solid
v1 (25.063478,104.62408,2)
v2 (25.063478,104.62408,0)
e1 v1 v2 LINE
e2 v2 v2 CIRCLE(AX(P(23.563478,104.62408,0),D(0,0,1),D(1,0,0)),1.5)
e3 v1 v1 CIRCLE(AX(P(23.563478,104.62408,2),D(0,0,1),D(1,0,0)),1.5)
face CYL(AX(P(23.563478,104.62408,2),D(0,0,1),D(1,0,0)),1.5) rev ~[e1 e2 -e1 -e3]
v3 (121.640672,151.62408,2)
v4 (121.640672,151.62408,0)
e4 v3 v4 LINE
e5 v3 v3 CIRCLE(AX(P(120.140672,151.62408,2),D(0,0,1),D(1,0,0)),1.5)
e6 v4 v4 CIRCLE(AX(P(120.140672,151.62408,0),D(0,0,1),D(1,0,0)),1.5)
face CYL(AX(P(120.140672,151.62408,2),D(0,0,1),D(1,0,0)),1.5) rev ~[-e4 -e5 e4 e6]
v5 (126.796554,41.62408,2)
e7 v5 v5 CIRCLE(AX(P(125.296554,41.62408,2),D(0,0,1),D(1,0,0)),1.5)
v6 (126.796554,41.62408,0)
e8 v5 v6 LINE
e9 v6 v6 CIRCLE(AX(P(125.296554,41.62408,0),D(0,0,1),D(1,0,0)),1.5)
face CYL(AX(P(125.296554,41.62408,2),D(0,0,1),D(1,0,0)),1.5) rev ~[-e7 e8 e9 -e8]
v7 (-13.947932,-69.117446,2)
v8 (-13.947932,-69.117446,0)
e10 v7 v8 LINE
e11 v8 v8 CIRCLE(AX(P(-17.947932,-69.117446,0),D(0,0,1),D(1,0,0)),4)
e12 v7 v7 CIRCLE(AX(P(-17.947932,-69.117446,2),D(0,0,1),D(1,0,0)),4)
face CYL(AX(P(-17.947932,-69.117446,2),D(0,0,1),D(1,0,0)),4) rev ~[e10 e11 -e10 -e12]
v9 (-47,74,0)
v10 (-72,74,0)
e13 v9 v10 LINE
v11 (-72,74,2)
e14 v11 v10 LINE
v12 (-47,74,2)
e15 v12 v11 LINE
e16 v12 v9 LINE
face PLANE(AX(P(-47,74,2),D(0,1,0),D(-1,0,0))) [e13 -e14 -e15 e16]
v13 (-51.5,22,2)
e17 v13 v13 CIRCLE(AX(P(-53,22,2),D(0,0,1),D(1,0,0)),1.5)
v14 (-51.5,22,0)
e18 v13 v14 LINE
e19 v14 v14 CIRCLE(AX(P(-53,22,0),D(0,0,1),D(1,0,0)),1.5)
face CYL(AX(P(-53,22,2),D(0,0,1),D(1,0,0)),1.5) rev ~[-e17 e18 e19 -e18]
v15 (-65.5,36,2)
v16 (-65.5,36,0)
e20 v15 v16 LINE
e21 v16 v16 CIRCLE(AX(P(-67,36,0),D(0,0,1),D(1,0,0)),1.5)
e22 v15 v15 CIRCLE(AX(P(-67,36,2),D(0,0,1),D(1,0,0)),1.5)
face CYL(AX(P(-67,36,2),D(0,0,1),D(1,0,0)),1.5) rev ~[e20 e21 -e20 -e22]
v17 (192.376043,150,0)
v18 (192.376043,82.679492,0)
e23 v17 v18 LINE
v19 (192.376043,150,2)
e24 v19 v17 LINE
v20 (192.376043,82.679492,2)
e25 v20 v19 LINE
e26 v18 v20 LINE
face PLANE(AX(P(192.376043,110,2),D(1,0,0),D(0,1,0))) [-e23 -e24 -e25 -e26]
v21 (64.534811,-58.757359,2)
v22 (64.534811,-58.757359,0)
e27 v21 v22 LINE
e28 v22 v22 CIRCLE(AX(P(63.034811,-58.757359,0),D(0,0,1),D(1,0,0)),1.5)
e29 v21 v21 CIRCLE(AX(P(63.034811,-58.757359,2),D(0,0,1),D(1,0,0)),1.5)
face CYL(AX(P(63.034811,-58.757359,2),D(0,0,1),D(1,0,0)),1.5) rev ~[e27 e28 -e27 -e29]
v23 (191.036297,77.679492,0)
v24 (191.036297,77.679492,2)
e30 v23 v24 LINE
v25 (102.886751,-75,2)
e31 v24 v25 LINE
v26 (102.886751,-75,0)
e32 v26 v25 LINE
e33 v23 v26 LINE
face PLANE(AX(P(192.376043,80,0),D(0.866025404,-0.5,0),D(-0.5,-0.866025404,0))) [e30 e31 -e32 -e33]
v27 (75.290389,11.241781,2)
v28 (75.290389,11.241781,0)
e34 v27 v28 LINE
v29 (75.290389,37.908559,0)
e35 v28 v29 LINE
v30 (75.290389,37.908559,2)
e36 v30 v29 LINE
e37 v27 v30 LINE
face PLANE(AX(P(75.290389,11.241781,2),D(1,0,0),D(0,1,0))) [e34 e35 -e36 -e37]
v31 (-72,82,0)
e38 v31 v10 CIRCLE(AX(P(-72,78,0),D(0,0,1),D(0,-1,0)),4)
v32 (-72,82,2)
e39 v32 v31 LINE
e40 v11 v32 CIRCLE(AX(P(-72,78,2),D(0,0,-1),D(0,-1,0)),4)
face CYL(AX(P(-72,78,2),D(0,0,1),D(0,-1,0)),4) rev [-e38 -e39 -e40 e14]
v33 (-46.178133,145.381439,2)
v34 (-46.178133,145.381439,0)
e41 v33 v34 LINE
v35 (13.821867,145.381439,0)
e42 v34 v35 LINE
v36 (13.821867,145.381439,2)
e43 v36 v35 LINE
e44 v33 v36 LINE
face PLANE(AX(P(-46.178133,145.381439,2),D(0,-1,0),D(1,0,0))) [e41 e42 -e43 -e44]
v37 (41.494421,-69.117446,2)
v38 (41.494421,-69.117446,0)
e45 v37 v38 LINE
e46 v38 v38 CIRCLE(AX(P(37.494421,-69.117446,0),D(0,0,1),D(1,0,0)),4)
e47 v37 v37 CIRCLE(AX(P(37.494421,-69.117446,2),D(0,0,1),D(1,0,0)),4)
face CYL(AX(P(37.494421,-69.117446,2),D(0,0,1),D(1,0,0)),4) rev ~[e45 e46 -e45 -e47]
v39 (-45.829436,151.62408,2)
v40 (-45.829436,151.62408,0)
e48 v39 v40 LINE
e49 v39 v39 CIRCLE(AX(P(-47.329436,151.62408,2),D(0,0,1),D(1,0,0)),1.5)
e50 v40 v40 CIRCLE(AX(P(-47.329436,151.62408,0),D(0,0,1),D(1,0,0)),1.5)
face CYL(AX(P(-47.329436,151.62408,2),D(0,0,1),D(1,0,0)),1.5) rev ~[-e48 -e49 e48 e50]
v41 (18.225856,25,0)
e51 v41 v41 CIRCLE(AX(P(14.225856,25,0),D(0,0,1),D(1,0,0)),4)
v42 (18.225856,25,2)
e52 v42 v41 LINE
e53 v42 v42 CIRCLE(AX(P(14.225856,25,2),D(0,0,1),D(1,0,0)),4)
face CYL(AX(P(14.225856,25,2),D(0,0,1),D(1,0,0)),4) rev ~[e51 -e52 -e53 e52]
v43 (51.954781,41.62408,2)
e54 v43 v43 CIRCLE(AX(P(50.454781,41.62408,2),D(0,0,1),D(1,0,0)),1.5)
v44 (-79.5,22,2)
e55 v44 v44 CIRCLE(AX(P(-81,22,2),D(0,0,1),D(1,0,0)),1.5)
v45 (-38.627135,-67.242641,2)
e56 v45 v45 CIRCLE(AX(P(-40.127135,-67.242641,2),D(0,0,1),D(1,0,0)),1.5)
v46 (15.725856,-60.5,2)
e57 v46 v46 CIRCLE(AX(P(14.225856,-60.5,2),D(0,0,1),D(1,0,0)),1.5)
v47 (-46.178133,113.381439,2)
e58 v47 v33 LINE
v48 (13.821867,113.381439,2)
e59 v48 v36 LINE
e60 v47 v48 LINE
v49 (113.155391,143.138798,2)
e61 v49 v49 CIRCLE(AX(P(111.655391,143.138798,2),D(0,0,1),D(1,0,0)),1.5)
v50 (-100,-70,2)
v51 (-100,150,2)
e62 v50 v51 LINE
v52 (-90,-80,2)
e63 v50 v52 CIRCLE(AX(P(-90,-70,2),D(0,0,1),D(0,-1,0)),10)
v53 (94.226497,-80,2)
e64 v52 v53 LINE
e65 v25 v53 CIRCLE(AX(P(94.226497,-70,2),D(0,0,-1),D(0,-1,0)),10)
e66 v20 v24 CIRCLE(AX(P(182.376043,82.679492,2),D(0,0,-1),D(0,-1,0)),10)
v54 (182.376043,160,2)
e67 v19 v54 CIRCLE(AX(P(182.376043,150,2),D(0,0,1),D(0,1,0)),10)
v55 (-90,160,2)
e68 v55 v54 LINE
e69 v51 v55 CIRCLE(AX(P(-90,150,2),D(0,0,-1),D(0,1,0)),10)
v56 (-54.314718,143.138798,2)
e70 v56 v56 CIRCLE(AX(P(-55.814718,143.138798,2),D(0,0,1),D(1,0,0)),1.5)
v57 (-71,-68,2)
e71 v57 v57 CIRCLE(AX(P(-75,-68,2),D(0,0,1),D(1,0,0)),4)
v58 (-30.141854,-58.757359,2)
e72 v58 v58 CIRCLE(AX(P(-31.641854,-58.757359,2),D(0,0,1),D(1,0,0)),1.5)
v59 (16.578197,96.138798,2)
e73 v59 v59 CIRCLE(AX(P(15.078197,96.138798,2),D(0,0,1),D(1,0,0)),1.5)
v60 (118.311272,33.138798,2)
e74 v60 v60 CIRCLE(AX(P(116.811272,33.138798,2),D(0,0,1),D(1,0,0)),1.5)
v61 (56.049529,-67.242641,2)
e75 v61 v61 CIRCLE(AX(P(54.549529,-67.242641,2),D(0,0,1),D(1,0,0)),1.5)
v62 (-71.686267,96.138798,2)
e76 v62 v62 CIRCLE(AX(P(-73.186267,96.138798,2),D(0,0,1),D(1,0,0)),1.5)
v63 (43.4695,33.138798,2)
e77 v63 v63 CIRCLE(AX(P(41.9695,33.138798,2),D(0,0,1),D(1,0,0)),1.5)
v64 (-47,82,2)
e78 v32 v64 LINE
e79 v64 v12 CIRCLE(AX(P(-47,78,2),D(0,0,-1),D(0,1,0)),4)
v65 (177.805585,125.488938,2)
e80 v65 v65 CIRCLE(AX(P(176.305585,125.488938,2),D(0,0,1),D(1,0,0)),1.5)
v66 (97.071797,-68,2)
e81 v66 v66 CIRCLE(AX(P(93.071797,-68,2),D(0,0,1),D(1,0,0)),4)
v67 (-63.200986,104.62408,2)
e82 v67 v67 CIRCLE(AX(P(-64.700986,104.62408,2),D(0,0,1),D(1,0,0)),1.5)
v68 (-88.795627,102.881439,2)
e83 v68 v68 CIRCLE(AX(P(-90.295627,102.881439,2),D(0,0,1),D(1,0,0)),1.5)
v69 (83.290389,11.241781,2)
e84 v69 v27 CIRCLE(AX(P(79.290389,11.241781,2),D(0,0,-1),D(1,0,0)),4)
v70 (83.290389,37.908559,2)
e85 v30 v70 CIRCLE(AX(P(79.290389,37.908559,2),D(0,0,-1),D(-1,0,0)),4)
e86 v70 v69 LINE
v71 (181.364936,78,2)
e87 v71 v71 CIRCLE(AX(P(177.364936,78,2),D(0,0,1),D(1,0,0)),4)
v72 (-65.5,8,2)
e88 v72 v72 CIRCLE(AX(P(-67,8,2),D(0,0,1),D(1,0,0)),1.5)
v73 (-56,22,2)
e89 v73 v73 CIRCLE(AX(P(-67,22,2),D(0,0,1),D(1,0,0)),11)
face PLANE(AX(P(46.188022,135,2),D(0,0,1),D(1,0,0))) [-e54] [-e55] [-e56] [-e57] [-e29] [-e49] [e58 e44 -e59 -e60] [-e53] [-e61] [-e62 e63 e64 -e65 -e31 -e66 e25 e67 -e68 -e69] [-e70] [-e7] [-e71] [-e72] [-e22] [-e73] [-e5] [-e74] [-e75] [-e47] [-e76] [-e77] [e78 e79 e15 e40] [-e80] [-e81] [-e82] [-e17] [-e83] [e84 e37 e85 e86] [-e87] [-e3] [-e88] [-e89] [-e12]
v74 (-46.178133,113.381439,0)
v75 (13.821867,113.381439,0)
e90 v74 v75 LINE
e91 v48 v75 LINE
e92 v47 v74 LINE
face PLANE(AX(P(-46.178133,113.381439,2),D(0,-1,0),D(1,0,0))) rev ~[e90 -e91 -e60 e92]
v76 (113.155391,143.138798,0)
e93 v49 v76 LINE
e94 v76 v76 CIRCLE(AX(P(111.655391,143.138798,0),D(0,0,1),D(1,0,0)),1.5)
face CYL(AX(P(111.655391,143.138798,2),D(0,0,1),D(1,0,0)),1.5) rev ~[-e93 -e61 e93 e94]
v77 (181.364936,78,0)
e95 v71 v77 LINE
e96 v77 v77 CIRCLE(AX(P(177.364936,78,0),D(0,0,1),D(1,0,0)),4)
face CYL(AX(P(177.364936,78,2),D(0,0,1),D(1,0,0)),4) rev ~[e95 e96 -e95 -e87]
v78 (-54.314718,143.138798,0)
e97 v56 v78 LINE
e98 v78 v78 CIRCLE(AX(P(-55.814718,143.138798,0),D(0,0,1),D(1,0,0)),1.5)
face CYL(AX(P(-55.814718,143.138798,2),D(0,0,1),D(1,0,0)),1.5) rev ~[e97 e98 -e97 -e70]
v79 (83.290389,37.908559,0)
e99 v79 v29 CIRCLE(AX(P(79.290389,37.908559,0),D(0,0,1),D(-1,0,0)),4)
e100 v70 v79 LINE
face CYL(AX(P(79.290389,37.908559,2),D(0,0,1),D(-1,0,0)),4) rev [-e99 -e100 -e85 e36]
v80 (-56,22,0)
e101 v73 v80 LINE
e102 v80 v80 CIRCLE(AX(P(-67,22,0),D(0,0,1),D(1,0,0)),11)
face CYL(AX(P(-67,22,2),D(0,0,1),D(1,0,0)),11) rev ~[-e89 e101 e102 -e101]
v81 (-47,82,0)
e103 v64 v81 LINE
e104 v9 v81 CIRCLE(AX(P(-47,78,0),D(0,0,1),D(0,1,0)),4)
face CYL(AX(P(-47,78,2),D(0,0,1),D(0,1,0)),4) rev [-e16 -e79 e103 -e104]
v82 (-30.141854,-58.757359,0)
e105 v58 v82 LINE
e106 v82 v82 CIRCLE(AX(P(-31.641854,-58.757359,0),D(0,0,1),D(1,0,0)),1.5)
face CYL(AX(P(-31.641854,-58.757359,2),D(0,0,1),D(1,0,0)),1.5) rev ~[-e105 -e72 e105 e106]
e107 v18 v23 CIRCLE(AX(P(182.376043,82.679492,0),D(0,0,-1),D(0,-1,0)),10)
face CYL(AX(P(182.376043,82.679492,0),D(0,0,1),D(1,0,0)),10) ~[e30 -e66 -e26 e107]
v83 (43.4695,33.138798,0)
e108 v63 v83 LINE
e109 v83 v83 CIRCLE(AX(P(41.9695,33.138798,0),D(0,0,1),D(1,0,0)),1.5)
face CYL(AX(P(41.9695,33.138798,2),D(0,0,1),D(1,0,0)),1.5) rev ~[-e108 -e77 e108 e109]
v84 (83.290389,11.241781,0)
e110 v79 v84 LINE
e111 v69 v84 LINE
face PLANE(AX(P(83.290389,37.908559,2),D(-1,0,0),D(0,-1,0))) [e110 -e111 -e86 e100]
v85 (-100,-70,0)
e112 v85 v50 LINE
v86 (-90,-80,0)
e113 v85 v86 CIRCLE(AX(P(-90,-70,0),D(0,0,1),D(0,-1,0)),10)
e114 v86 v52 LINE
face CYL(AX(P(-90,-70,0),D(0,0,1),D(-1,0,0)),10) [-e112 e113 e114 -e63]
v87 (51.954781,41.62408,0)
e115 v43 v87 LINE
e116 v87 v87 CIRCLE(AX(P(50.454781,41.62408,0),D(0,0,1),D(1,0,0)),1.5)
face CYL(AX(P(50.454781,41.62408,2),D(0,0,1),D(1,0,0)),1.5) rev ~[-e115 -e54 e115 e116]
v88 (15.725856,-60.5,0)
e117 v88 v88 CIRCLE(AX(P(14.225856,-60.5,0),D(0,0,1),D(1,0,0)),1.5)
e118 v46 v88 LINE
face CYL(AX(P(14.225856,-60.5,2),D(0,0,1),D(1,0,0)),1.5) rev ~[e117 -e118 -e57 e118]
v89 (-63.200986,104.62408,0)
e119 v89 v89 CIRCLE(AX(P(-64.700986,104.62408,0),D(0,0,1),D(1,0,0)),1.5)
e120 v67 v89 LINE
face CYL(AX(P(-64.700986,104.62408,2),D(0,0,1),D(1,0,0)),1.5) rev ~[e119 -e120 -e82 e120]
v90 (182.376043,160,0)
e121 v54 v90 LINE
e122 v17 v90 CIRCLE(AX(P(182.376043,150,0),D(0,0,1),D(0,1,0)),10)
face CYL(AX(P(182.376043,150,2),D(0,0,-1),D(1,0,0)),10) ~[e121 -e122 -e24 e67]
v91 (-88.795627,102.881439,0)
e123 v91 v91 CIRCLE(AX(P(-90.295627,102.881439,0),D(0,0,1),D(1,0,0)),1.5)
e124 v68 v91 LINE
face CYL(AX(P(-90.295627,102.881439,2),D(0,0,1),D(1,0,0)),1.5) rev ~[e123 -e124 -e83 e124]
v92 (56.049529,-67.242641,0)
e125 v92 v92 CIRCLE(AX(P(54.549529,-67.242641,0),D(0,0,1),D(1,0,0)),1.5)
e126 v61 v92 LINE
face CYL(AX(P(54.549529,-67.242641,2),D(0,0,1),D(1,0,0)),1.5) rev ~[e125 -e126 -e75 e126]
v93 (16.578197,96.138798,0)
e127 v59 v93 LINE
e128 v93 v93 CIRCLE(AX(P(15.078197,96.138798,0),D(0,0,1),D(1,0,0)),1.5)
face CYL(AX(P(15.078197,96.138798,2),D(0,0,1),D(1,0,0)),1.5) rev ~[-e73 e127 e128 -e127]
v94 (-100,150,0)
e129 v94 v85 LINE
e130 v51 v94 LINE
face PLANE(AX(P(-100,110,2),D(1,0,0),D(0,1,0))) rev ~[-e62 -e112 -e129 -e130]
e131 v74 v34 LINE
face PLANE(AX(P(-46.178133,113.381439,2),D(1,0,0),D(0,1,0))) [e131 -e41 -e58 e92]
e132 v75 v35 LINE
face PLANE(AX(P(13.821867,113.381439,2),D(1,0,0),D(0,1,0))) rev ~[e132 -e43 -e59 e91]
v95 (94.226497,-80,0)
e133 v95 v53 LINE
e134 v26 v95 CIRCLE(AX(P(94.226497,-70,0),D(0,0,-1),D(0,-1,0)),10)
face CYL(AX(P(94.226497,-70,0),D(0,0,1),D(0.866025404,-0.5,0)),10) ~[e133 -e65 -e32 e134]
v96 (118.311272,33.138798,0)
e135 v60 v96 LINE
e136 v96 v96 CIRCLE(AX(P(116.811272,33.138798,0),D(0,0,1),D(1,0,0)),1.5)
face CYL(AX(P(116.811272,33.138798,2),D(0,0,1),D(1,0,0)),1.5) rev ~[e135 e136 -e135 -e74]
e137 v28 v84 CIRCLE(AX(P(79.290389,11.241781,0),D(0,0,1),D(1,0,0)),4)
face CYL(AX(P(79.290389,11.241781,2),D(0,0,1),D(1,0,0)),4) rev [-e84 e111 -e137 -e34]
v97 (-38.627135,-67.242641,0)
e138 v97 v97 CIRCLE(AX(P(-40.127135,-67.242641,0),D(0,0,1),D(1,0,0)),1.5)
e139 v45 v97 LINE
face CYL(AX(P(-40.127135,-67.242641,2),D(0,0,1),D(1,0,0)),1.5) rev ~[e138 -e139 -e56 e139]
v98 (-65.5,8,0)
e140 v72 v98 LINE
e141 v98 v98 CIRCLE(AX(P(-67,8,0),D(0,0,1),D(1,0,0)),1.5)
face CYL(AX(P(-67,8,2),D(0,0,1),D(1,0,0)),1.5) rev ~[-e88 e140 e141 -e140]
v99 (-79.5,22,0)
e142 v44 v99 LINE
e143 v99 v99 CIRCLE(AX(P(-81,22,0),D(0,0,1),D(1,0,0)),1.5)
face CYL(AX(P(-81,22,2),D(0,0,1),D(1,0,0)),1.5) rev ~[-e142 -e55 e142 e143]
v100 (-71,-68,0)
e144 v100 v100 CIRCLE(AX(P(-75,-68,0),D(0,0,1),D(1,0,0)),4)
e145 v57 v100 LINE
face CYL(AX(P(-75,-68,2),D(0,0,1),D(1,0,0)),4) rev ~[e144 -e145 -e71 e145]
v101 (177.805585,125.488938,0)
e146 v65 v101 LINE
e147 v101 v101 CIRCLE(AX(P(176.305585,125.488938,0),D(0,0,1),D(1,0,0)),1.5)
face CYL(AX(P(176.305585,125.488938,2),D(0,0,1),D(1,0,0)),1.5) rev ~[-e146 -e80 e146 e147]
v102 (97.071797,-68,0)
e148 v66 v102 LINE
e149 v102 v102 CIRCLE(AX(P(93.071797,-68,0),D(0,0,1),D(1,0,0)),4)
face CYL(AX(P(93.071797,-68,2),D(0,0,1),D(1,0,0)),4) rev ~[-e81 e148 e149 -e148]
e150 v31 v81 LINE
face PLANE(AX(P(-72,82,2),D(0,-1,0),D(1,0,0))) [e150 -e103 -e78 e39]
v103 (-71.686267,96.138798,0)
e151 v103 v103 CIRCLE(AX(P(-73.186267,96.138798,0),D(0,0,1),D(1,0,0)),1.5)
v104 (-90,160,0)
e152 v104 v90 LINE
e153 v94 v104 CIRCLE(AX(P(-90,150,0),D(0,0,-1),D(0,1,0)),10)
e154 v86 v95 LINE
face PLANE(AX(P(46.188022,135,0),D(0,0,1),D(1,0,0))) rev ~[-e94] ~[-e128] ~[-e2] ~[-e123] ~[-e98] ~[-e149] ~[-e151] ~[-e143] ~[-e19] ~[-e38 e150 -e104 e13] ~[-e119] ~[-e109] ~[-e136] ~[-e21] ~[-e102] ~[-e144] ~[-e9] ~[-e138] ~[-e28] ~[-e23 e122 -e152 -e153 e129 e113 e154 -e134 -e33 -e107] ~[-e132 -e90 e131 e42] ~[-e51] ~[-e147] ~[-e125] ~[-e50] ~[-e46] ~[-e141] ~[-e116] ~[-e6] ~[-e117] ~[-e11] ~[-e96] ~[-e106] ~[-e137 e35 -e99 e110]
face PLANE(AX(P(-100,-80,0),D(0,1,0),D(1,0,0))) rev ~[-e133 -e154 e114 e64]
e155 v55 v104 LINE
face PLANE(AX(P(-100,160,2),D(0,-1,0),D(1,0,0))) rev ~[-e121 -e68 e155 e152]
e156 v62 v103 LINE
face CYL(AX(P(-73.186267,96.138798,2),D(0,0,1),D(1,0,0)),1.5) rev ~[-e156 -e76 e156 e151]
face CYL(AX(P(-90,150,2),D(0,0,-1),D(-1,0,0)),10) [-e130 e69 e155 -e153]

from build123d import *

# Parameters (mm, degrees)
SKETCH1_W           = 200
SKETCH1_H           = 160
SKETCH1_W_2         = 292.37604307
SKETCH1_H_2         = 30
BOSS_EXTRUDE1_DEPTH = 2
SKETCH2_R           = 4
SKETCH2_R_2         = 11
SKETCH2_R_3         = 1.5
CUT_EXTRUDE1_DEPTH  = 3
SKETCH4_W           = 292.37604307
SKETCH4_H           = 50
BOSS_EXTRUDE2_DEPTH = 2
FILLET1_R           = 10
SKETCH5_R           = 1.5
SKETCH5_W           = 60
SKETCH5_H           = 32
CUT_EXTRUDE2_DEPTH  = 11


with BuildPart() as part:
    # Sketch1 → Boss-Extrude1 (new body)
    with BuildSketch(Plane.XY):
        Rectangle(SKETCH1_W, SKETCH1_H)
        Polygon((192.37604307, 80), (100, -80), (100, 80), align=None)
        with Locations((46.188021535, 95)):
            Rectangle(SKETCH1_W_2, SKETCH1_H_2)
    extrude(amount=BOSS_EXTRUDE1_DEPTH)

    # Sketch2 → Cut-Extrude1 (cut)
    with BuildSketch(Plane.XY.offset(2)):
        with Locations((93.07179677, -68)):
            Circle(SKETCH2_R)
        with Locations((177.364936071, 78)):
            Circle(SKETCH2_R)
        with Locations((-67, 22)):
            Circle(SKETCH2_R_2)
        with Locations((-75, -68)):
            Circle(SKETCH2_R)
        with Locations((-53, 22)):
            Circle(SKETCH2_R_3)
        with Locations((-67, 36)):
            Circle(SKETCH2_R_3)
        with Locations((-81, 22)):
            Circle(SKETCH2_R_3)
        with Locations((-67, 8)):
            Circle(SKETCH2_R_3)
        with Locations((54.54952947, -67.242640687)):
            Circle(SKETCH2_R_3)
        with Locations((63.034810844, -58.757359313)):
            Circle(SKETCH2_R_3)
        with Locations((14.225855729, -60.5)):
            Circle(SKETCH2_R_3)
        with Locations((-40.127135228, -67.242640687)):
            Circle(SKETCH2_R_3)
        with Locations((-31.641853854, -58.757359313)):
            Circle(SKETCH2_R_3)
        with Locations((-90.295627115, 102.881439108)):
            Circle(SKETCH2_R_3)
        with Locations((-73.186266887, 96.138798421)):
            Circle(SKETCH2_R_3)
        with Locations((-64.700985513, 104.624079796)):
            Circle(SKETCH2_R_3)
        with Locations((15.078196993, 96.138798421)):
            Circle(SKETCH2_R_3)
        with Locations((23.563478368, 104.624079796)):
            Circle(SKETCH2_R_3)
        with Locations((41.969500075, 33.138798421)):
            Circle(SKETCH2_R_3)
        with Locations((50.454781449, 41.624079796)):
            Circle(SKETCH2_R_3)
        with Locations((116.811272287, 33.138798421)):
            Circle(SKETCH2_R_3)
        with Locations((125.296553661, 41.624079796)):
            Circle(SKETCH2_R_3)
        with Locations((14.225855729, 25)):
            Circle(SKETCH2_R)
        with Locations((176.305585362, 125.488938255)):
            Circle(SKETCH2_R_3)
        with Locations((-55.814717647, 143.138798421)):
            Circle(SKETCH2_R_3)
        with Locations((-47.329436273, 151.624079796)):
            Circle(SKETCH2_R_3)
        with Locations((111.655390934, 143.138798421)):
            Circle(SKETCH2_R_3)
        with Locations((120.140672308, 151.624079796)):
            Circle(SKETCH2_R_3)
        with Locations((-17.947932492, -69.117445741)):
            Circle(SKETCH2_R)
        with Locations((37.494421294, -69.117445741)):
            Circle(SKETCH2_R)
        with BuildLine():
            Line((75.290389443, 11.241781095), (75.290389443, 37.908558601))
            ThreePointArc((75.290389443, 37.908558601), (79.290389443, 41.908558601), (83.290389443, 37.908558601))
            Line((83.290389443, 37.908558601), (83.290389443, 11.241781095))
            ThreePointArc((83.290389443, 11.241781095), (79.290389443, 7.241781095), (75.290389443, 11.241781095))
        make_face()
        with BuildLine():
            Line((-72, 82), (-47, 82))
            ThreePointArc((-47, 82), (-43, 78), (-47, 74))
            Line((-47, 74), (-72, 74))
            ThreePointArc((-72, 74), (-76, 78), (-72, 82))
        make_face()
    extrude(amount=-CUT_EXTRUDE1_DEPTH, mode=Mode.SUBTRACT)

    # Sketch4 → Boss-Extrude2 (add)
    with BuildSketch(Plane.XY.offset(2)):
        with Locations((46.188021535, 135)):
            Rectangle(SKETCH4_W, SKETCH4_H)
    extrude(amount=-BOSS_EXTRUDE2_DEPTH)

    # Fillet1
    fillet1_edges = [part.edges().sort_by_distance(p)[0] for p in [
        (-100, 160, 1),
        (192.37604307, 160, 1),
        (-100, -80, 1),
        (192.37604307, 80, 1),
        (100, -80, 1),
    ]]
    fillet(fillet1_edges, radius=FILLET1_R)

    # Sketch5 → Cut-Extrude2 (cut)
    with BuildSketch(Plane.XY.offset(2)):
        with Locations((-55.814717647, 143.138798421)):
            Circle(SKETCH5_R)
        with Locations((-47.329436273, 151.624079796)):
            Circle(SKETCH5_R)
        with Locations((111.655390934, 143.138798421)):
            Circle(SKETCH5_R)
        with Locations((120.140672308, 151.624079796)):
            Circle(SKETCH5_R)
        with Locations((176.305585362, 125.488938255)):
            Circle(SKETCH5_R)
        with Locations((-16.178132997, 129.381439108)):
            Rectangle(SKETCH5_W, SKETCH5_H)
    extrude(amount=-CUT_EXTRUDE2_DEPTH, mode=Mode.SUBTRACT)


solid = part.part
